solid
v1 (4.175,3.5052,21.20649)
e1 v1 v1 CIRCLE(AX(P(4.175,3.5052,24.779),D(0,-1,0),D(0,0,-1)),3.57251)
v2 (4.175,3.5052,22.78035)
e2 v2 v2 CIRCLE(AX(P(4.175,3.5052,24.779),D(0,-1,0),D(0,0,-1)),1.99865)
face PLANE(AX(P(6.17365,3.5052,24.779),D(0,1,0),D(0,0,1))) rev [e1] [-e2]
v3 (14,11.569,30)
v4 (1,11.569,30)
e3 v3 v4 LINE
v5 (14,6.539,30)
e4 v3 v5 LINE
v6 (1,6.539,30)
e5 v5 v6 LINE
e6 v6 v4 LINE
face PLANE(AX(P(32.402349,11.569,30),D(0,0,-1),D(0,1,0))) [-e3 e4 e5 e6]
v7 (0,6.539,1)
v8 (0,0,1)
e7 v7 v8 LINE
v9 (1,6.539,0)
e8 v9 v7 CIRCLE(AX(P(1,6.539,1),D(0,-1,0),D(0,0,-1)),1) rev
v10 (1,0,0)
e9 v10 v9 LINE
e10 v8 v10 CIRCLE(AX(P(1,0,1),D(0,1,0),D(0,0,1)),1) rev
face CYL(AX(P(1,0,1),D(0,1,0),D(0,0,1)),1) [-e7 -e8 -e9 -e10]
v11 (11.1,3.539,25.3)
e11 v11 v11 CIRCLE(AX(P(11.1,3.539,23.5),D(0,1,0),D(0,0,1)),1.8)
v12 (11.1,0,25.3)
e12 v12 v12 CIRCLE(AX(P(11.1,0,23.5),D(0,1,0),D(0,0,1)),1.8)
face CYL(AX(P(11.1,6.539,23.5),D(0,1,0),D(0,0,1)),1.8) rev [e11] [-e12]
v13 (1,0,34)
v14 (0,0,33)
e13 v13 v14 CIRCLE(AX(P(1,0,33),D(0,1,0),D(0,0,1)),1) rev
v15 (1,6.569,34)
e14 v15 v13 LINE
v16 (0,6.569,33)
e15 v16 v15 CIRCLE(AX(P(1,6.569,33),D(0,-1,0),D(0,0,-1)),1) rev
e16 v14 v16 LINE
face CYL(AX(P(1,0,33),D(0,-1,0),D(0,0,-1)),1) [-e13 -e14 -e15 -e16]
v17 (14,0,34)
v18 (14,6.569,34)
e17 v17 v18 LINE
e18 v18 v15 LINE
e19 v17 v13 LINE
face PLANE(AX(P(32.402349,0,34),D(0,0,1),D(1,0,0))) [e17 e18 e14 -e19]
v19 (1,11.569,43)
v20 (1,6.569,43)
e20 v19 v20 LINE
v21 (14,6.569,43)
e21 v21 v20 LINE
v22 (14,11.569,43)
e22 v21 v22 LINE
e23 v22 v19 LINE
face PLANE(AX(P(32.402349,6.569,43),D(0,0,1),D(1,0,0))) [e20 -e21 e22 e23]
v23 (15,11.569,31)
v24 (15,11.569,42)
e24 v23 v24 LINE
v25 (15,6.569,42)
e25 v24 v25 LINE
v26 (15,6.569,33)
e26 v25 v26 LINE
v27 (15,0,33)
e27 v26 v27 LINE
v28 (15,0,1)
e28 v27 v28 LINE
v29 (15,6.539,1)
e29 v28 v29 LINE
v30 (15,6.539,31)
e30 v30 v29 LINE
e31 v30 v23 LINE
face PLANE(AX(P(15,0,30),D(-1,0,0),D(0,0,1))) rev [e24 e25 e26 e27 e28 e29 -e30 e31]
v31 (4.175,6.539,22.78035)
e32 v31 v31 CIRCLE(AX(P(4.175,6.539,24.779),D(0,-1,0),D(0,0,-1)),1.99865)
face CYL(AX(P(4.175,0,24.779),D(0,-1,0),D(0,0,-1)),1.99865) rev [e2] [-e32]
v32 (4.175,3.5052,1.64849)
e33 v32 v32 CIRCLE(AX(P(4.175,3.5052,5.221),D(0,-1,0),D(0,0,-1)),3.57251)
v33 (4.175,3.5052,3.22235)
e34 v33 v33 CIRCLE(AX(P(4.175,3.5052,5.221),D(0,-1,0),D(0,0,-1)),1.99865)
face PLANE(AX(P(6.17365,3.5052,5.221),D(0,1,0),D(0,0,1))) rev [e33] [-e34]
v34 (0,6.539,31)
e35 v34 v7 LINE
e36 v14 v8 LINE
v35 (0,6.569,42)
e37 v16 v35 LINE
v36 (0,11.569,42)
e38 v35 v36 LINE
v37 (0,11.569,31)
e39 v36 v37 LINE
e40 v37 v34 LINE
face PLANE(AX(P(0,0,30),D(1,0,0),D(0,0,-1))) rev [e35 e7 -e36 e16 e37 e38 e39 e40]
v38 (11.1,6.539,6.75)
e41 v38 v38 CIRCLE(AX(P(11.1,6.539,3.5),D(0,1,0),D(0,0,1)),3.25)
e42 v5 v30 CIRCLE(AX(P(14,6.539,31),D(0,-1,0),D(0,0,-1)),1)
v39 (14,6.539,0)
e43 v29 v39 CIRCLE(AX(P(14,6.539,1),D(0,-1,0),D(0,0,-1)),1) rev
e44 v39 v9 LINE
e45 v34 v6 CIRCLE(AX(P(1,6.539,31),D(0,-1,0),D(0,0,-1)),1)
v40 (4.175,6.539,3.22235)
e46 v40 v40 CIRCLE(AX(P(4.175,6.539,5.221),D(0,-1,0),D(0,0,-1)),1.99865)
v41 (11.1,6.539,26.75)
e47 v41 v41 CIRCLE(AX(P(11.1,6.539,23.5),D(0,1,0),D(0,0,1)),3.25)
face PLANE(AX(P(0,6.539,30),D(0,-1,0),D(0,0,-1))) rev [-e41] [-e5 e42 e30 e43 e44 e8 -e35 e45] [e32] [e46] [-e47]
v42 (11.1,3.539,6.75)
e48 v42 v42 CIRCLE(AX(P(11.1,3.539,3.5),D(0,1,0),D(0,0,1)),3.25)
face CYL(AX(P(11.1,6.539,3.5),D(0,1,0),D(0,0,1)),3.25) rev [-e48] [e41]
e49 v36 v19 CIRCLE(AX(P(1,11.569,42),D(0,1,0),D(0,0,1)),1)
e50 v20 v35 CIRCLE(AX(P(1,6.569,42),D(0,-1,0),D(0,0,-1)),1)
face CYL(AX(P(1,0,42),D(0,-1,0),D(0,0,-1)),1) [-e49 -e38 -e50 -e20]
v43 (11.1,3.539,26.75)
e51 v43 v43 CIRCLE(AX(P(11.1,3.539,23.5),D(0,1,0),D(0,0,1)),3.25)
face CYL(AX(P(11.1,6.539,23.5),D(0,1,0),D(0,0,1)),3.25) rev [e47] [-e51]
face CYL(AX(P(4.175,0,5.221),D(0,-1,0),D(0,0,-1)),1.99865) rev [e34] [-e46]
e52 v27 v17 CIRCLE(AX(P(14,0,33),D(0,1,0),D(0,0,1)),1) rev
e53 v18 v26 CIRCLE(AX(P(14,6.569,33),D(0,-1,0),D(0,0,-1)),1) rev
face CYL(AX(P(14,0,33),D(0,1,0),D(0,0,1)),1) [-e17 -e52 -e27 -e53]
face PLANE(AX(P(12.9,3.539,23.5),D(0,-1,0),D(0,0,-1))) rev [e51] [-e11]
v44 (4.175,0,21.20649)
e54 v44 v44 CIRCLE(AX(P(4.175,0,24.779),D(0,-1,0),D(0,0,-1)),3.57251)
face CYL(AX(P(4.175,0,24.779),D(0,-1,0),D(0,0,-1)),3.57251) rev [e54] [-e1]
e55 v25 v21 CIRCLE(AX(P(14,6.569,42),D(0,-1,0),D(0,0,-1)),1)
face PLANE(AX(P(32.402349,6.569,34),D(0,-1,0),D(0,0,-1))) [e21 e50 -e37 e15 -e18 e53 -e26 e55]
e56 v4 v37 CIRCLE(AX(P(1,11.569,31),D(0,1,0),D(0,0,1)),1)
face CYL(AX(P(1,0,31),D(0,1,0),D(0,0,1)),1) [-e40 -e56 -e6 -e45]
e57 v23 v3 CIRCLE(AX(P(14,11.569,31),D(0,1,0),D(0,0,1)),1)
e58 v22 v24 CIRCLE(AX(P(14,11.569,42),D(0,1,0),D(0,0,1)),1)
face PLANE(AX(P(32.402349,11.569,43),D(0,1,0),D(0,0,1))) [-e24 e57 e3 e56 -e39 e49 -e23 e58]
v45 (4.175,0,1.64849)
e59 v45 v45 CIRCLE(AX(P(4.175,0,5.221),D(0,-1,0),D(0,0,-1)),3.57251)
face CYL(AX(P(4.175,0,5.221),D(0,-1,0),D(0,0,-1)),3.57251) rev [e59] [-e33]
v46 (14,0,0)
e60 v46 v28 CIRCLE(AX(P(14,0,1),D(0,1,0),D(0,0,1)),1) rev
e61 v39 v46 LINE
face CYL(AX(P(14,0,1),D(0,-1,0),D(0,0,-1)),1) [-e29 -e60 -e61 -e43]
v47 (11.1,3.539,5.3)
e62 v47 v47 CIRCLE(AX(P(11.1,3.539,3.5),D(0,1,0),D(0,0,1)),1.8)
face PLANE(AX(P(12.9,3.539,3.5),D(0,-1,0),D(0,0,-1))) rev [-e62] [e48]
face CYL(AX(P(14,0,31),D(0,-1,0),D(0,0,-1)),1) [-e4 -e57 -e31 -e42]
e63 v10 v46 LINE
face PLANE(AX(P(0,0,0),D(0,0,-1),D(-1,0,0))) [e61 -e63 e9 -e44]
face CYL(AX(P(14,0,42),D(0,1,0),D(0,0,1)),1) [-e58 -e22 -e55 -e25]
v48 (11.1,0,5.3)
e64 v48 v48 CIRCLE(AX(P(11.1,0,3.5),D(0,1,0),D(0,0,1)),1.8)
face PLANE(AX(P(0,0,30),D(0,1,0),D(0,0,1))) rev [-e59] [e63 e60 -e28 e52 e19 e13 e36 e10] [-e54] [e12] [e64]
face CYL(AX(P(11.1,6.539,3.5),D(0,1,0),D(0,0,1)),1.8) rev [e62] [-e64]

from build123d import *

# Parameters (mm, degrees)
SKETCH1_W                                      = 15
SKETCH1_H                                      = 6.539
BOSS_EXTRUDE1_DEPTH                            = 30
CBORE_FOR_M3_SHCS1_D                           = 3.6
CBORE_FOR_M3_SHCS1_CBORE_D                     = 6.5
CBORE_FOR_M3_SHCS1_CBORE_DEPTH                 = 3
CBORE_FOR_6_SOCKET_HEAD_CAP_SCREW1_D           = 3.997300108
CBORE_FOR_6_SOCKET_HEAD_CAP_SCREW1_CBORE_D     = 7.14502
CBORE_FOR_6_SOCKET_HEAD_CAP_SCREW1_CBORE_DEPTH = 3.5052
BOSS_EXTRUDE2_DEPTH                            = 15
FILLET1_R                                      = 1


with BuildPart() as part:
    # Sketch1 → Boss-Extrude1 (new body)
    with BuildSketch(Plane.XY):
        with Locations((7.5, 3.2695)):
            Rectangle(SKETCH1_W, SKETCH1_H)
    extrude(amount=BOSS_EXTRUDE1_DEPTH)

    # CBORE for M3 SHCS1 (through all)
    with Locations(Plane(origin=(0, 6.539, 0), x_dir=(1, 0, 0), z_dir=(0, 1, 0))):
        with Locations((11.1, -3.5), (11.1, -23.5)):
            CounterBoreHole(CBORE_FOR_M3_SHCS1_D / 2, CBORE_FOR_M3_SHCS1_CBORE_D / 2, CBORE_FOR_M3_SHCS1_CBORE_DEPTH)

    # CBORE for #6 Socket Head Cap Screw1 (through all)
    with Locations(Plane(origin=(0, 0, 0), x_dir=(-1, 0, 0), z_dir=(0, -1, 0))):
        with Locations((-4.175, -24.779), (-4.175, -5.221)):
            CounterBoreHole(CBORE_FOR_6_SOCKET_HEAD_CAP_SCREW1_D / 2, CBORE_FOR_6_SOCKET_HEAD_CAP_SCREW1_CBORE_D / 2, CBORE_FOR_6_SOCKET_HEAD_CAP_SCREW1_CBORE_DEPTH)

    # Sketch6 → Boss-Extrude2 (add)
    with BuildSketch(Plane.ZY):
        Polygon((30, 0), (34, 0), (34, 6.569), (43, 6.569), (43, 11.569), (30, 11.569), align=None)
    extrude(amount=-BOSS_EXTRUDE2_DEPTH)

    # Fillet1
    fillet1_edges = [part.edges().sort_by_distance(p)[0] for p in [
        (0, 9.054, 30),
        (0, 3.2845, 34),
        (0, 9.069, 43),
        (15, 9.054, 30),
        (15, 9.069, 43),
        (15, 3.2845, 34),
        (15, 3.2695, 0),
        (0, 3.2695, 0),
    ]]
    fillet(fillet1_edges, radius=FILLET1_R)


solid = part.part
